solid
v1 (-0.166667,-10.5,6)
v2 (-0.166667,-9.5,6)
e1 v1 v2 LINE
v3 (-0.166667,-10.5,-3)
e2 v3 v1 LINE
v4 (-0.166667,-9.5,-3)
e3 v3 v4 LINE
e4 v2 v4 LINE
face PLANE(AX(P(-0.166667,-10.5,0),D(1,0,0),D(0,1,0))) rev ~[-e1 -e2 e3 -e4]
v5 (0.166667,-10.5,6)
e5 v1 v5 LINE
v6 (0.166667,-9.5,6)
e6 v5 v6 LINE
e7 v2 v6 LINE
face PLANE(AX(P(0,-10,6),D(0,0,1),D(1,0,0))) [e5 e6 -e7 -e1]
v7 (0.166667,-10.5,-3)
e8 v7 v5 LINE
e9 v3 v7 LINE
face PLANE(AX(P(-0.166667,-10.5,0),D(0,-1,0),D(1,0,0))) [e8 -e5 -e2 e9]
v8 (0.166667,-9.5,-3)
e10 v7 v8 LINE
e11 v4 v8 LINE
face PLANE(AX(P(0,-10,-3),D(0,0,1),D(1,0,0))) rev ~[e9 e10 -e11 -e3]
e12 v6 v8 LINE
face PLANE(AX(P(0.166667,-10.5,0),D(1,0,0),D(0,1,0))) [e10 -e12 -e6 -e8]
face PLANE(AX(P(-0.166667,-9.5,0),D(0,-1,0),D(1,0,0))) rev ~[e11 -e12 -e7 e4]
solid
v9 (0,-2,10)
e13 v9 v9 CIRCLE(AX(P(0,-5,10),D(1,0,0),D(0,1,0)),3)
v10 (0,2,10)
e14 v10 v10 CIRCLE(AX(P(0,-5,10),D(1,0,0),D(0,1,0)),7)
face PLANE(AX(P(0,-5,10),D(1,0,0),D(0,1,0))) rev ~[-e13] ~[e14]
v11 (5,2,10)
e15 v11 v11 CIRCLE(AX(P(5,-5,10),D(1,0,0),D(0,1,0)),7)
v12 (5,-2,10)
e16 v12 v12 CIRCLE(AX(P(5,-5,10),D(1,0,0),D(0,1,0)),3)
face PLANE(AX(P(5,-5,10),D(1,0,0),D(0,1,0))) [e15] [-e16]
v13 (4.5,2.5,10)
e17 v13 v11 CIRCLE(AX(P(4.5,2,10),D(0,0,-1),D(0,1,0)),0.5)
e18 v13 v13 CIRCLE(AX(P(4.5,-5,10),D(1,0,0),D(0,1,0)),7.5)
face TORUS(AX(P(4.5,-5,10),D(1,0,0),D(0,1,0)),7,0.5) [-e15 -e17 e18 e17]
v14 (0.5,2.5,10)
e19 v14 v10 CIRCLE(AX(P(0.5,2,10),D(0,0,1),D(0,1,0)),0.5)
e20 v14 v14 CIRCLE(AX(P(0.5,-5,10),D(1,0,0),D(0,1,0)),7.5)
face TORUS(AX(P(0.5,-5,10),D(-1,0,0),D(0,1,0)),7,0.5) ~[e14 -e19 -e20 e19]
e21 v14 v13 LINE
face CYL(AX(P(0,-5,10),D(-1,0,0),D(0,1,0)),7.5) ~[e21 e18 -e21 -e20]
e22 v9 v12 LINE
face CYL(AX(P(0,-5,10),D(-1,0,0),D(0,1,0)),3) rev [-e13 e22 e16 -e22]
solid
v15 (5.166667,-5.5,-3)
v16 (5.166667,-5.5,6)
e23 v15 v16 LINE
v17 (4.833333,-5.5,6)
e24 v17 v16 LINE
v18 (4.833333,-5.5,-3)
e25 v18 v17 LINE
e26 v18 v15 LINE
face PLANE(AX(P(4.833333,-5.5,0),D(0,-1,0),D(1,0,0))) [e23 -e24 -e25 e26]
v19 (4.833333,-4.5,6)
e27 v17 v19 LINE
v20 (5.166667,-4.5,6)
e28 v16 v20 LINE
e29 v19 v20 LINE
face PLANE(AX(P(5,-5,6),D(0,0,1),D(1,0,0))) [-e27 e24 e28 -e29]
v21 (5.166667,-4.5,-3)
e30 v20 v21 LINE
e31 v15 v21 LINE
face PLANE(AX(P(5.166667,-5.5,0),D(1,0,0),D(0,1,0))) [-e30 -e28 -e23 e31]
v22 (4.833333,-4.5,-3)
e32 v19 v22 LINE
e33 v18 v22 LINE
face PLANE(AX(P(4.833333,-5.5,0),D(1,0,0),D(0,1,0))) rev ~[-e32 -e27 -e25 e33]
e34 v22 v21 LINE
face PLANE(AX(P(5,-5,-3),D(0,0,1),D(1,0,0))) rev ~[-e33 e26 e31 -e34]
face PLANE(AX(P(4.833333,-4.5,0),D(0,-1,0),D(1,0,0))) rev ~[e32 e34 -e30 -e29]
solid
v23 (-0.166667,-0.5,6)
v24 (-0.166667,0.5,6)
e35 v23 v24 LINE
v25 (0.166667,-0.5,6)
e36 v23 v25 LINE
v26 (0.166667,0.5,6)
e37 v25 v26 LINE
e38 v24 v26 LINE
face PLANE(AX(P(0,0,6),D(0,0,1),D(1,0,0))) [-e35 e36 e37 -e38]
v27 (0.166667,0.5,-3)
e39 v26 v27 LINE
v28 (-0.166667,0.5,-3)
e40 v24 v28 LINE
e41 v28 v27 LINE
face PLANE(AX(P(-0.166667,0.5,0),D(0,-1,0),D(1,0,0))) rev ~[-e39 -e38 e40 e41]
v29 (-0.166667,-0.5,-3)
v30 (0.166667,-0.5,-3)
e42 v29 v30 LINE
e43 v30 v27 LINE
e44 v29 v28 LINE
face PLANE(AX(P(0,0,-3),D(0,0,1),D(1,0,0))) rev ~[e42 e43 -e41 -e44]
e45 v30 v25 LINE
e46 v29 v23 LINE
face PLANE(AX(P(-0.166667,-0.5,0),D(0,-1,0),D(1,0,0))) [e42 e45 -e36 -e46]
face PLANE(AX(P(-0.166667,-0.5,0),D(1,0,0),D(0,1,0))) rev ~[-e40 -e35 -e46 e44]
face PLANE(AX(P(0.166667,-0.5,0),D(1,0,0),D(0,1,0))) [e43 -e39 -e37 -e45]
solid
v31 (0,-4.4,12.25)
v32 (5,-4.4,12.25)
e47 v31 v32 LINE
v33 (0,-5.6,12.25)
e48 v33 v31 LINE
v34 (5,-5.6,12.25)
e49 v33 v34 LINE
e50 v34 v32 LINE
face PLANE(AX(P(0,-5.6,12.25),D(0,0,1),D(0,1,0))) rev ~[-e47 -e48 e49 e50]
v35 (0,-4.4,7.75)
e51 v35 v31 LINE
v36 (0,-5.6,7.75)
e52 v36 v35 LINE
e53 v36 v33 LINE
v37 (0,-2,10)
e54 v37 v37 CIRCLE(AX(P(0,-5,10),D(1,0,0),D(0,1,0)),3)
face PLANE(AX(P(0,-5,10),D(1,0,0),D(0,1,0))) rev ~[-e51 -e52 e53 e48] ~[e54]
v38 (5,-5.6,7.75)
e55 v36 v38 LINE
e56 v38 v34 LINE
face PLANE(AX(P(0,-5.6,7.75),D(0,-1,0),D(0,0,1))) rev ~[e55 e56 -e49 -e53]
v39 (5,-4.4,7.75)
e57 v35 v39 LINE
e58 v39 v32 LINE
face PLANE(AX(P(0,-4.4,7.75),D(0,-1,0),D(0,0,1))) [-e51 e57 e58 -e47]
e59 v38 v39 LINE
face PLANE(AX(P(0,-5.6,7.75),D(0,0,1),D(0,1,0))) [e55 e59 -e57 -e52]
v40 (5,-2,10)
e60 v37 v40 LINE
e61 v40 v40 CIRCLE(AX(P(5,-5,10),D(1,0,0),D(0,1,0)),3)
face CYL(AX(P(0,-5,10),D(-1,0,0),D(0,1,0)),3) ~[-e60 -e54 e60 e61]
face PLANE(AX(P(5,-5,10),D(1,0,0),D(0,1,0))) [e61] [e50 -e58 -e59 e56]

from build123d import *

# Parameters (mm, degrees)
SKETCH001_R       = 3
SKETCH001_W       = 1.2
SKETCH001_H       = 4.5
PAD001_DEPTH      = 5
SKETCH_R          = 7.5
SKETCH_R_2        = 3
PAD_DEPTH         = 5
FILLET_R          = 0.5
SKETCH003_W       = 0.333334
SKETCH003_H       = 1
PAD002_DEPTH      = 6
PAD002_DEPTH_BACK = 3


with BuildPart() as pad001:
    # Sketch001 → Pad001 (new body)
    with BuildSketch(Plane.YZ):
        with Locations((-5, 10)):
            Circle(SKETCH001_R)
        with Locations((-5, 10)):
            Rectangle(SKETCH001_W, SKETCH001_H, mode=Mode.SUBTRACT)
    extrude(amount=PAD001_DEPTH)


with BuildPart() as fillet_body:
    # Sketch → Pad (new body)
    with BuildSketch(Plane.YZ):
        with Locations((-5, 10)):
            Circle(SKETCH_R)
        with Locations((-5, 10)):
            Circle(SKETCH_R_2, mode=Mode.SUBTRACT)
    extrude(amount=PAD_DEPTH)

    # Fillet
    fillet_edges = [fillet_body.edges().sort_by_distance(p)[0] for p in [
        (0, -12.5, 10),
        (5, -12.5, 10),
    ]]
    fillet(fillet_edges, radius=FILLET_R)


with BuildPart() as pad002:
    # Sketch003 → Pad002 (new body, two sides)
    with BuildSketch(Plane.XY) as pad002_sk:
        Rectangle(SKETCH003_W, SKETCH003_H)
        with Locations((5, -5)):
            Rectangle(SKETCH003_W, SKETCH003_H)
        with Locations((0, -10)):
            Rectangle(SKETCH003_W, SKETCH003_H)
    extrude(amount=PAD002_DEPTH)
    extrude(pad002_sk.sketch, amount=-PAD002_DEPTH_BACK)


solid = Compound([pad001.part, fillet_body.part, pad002.part])
